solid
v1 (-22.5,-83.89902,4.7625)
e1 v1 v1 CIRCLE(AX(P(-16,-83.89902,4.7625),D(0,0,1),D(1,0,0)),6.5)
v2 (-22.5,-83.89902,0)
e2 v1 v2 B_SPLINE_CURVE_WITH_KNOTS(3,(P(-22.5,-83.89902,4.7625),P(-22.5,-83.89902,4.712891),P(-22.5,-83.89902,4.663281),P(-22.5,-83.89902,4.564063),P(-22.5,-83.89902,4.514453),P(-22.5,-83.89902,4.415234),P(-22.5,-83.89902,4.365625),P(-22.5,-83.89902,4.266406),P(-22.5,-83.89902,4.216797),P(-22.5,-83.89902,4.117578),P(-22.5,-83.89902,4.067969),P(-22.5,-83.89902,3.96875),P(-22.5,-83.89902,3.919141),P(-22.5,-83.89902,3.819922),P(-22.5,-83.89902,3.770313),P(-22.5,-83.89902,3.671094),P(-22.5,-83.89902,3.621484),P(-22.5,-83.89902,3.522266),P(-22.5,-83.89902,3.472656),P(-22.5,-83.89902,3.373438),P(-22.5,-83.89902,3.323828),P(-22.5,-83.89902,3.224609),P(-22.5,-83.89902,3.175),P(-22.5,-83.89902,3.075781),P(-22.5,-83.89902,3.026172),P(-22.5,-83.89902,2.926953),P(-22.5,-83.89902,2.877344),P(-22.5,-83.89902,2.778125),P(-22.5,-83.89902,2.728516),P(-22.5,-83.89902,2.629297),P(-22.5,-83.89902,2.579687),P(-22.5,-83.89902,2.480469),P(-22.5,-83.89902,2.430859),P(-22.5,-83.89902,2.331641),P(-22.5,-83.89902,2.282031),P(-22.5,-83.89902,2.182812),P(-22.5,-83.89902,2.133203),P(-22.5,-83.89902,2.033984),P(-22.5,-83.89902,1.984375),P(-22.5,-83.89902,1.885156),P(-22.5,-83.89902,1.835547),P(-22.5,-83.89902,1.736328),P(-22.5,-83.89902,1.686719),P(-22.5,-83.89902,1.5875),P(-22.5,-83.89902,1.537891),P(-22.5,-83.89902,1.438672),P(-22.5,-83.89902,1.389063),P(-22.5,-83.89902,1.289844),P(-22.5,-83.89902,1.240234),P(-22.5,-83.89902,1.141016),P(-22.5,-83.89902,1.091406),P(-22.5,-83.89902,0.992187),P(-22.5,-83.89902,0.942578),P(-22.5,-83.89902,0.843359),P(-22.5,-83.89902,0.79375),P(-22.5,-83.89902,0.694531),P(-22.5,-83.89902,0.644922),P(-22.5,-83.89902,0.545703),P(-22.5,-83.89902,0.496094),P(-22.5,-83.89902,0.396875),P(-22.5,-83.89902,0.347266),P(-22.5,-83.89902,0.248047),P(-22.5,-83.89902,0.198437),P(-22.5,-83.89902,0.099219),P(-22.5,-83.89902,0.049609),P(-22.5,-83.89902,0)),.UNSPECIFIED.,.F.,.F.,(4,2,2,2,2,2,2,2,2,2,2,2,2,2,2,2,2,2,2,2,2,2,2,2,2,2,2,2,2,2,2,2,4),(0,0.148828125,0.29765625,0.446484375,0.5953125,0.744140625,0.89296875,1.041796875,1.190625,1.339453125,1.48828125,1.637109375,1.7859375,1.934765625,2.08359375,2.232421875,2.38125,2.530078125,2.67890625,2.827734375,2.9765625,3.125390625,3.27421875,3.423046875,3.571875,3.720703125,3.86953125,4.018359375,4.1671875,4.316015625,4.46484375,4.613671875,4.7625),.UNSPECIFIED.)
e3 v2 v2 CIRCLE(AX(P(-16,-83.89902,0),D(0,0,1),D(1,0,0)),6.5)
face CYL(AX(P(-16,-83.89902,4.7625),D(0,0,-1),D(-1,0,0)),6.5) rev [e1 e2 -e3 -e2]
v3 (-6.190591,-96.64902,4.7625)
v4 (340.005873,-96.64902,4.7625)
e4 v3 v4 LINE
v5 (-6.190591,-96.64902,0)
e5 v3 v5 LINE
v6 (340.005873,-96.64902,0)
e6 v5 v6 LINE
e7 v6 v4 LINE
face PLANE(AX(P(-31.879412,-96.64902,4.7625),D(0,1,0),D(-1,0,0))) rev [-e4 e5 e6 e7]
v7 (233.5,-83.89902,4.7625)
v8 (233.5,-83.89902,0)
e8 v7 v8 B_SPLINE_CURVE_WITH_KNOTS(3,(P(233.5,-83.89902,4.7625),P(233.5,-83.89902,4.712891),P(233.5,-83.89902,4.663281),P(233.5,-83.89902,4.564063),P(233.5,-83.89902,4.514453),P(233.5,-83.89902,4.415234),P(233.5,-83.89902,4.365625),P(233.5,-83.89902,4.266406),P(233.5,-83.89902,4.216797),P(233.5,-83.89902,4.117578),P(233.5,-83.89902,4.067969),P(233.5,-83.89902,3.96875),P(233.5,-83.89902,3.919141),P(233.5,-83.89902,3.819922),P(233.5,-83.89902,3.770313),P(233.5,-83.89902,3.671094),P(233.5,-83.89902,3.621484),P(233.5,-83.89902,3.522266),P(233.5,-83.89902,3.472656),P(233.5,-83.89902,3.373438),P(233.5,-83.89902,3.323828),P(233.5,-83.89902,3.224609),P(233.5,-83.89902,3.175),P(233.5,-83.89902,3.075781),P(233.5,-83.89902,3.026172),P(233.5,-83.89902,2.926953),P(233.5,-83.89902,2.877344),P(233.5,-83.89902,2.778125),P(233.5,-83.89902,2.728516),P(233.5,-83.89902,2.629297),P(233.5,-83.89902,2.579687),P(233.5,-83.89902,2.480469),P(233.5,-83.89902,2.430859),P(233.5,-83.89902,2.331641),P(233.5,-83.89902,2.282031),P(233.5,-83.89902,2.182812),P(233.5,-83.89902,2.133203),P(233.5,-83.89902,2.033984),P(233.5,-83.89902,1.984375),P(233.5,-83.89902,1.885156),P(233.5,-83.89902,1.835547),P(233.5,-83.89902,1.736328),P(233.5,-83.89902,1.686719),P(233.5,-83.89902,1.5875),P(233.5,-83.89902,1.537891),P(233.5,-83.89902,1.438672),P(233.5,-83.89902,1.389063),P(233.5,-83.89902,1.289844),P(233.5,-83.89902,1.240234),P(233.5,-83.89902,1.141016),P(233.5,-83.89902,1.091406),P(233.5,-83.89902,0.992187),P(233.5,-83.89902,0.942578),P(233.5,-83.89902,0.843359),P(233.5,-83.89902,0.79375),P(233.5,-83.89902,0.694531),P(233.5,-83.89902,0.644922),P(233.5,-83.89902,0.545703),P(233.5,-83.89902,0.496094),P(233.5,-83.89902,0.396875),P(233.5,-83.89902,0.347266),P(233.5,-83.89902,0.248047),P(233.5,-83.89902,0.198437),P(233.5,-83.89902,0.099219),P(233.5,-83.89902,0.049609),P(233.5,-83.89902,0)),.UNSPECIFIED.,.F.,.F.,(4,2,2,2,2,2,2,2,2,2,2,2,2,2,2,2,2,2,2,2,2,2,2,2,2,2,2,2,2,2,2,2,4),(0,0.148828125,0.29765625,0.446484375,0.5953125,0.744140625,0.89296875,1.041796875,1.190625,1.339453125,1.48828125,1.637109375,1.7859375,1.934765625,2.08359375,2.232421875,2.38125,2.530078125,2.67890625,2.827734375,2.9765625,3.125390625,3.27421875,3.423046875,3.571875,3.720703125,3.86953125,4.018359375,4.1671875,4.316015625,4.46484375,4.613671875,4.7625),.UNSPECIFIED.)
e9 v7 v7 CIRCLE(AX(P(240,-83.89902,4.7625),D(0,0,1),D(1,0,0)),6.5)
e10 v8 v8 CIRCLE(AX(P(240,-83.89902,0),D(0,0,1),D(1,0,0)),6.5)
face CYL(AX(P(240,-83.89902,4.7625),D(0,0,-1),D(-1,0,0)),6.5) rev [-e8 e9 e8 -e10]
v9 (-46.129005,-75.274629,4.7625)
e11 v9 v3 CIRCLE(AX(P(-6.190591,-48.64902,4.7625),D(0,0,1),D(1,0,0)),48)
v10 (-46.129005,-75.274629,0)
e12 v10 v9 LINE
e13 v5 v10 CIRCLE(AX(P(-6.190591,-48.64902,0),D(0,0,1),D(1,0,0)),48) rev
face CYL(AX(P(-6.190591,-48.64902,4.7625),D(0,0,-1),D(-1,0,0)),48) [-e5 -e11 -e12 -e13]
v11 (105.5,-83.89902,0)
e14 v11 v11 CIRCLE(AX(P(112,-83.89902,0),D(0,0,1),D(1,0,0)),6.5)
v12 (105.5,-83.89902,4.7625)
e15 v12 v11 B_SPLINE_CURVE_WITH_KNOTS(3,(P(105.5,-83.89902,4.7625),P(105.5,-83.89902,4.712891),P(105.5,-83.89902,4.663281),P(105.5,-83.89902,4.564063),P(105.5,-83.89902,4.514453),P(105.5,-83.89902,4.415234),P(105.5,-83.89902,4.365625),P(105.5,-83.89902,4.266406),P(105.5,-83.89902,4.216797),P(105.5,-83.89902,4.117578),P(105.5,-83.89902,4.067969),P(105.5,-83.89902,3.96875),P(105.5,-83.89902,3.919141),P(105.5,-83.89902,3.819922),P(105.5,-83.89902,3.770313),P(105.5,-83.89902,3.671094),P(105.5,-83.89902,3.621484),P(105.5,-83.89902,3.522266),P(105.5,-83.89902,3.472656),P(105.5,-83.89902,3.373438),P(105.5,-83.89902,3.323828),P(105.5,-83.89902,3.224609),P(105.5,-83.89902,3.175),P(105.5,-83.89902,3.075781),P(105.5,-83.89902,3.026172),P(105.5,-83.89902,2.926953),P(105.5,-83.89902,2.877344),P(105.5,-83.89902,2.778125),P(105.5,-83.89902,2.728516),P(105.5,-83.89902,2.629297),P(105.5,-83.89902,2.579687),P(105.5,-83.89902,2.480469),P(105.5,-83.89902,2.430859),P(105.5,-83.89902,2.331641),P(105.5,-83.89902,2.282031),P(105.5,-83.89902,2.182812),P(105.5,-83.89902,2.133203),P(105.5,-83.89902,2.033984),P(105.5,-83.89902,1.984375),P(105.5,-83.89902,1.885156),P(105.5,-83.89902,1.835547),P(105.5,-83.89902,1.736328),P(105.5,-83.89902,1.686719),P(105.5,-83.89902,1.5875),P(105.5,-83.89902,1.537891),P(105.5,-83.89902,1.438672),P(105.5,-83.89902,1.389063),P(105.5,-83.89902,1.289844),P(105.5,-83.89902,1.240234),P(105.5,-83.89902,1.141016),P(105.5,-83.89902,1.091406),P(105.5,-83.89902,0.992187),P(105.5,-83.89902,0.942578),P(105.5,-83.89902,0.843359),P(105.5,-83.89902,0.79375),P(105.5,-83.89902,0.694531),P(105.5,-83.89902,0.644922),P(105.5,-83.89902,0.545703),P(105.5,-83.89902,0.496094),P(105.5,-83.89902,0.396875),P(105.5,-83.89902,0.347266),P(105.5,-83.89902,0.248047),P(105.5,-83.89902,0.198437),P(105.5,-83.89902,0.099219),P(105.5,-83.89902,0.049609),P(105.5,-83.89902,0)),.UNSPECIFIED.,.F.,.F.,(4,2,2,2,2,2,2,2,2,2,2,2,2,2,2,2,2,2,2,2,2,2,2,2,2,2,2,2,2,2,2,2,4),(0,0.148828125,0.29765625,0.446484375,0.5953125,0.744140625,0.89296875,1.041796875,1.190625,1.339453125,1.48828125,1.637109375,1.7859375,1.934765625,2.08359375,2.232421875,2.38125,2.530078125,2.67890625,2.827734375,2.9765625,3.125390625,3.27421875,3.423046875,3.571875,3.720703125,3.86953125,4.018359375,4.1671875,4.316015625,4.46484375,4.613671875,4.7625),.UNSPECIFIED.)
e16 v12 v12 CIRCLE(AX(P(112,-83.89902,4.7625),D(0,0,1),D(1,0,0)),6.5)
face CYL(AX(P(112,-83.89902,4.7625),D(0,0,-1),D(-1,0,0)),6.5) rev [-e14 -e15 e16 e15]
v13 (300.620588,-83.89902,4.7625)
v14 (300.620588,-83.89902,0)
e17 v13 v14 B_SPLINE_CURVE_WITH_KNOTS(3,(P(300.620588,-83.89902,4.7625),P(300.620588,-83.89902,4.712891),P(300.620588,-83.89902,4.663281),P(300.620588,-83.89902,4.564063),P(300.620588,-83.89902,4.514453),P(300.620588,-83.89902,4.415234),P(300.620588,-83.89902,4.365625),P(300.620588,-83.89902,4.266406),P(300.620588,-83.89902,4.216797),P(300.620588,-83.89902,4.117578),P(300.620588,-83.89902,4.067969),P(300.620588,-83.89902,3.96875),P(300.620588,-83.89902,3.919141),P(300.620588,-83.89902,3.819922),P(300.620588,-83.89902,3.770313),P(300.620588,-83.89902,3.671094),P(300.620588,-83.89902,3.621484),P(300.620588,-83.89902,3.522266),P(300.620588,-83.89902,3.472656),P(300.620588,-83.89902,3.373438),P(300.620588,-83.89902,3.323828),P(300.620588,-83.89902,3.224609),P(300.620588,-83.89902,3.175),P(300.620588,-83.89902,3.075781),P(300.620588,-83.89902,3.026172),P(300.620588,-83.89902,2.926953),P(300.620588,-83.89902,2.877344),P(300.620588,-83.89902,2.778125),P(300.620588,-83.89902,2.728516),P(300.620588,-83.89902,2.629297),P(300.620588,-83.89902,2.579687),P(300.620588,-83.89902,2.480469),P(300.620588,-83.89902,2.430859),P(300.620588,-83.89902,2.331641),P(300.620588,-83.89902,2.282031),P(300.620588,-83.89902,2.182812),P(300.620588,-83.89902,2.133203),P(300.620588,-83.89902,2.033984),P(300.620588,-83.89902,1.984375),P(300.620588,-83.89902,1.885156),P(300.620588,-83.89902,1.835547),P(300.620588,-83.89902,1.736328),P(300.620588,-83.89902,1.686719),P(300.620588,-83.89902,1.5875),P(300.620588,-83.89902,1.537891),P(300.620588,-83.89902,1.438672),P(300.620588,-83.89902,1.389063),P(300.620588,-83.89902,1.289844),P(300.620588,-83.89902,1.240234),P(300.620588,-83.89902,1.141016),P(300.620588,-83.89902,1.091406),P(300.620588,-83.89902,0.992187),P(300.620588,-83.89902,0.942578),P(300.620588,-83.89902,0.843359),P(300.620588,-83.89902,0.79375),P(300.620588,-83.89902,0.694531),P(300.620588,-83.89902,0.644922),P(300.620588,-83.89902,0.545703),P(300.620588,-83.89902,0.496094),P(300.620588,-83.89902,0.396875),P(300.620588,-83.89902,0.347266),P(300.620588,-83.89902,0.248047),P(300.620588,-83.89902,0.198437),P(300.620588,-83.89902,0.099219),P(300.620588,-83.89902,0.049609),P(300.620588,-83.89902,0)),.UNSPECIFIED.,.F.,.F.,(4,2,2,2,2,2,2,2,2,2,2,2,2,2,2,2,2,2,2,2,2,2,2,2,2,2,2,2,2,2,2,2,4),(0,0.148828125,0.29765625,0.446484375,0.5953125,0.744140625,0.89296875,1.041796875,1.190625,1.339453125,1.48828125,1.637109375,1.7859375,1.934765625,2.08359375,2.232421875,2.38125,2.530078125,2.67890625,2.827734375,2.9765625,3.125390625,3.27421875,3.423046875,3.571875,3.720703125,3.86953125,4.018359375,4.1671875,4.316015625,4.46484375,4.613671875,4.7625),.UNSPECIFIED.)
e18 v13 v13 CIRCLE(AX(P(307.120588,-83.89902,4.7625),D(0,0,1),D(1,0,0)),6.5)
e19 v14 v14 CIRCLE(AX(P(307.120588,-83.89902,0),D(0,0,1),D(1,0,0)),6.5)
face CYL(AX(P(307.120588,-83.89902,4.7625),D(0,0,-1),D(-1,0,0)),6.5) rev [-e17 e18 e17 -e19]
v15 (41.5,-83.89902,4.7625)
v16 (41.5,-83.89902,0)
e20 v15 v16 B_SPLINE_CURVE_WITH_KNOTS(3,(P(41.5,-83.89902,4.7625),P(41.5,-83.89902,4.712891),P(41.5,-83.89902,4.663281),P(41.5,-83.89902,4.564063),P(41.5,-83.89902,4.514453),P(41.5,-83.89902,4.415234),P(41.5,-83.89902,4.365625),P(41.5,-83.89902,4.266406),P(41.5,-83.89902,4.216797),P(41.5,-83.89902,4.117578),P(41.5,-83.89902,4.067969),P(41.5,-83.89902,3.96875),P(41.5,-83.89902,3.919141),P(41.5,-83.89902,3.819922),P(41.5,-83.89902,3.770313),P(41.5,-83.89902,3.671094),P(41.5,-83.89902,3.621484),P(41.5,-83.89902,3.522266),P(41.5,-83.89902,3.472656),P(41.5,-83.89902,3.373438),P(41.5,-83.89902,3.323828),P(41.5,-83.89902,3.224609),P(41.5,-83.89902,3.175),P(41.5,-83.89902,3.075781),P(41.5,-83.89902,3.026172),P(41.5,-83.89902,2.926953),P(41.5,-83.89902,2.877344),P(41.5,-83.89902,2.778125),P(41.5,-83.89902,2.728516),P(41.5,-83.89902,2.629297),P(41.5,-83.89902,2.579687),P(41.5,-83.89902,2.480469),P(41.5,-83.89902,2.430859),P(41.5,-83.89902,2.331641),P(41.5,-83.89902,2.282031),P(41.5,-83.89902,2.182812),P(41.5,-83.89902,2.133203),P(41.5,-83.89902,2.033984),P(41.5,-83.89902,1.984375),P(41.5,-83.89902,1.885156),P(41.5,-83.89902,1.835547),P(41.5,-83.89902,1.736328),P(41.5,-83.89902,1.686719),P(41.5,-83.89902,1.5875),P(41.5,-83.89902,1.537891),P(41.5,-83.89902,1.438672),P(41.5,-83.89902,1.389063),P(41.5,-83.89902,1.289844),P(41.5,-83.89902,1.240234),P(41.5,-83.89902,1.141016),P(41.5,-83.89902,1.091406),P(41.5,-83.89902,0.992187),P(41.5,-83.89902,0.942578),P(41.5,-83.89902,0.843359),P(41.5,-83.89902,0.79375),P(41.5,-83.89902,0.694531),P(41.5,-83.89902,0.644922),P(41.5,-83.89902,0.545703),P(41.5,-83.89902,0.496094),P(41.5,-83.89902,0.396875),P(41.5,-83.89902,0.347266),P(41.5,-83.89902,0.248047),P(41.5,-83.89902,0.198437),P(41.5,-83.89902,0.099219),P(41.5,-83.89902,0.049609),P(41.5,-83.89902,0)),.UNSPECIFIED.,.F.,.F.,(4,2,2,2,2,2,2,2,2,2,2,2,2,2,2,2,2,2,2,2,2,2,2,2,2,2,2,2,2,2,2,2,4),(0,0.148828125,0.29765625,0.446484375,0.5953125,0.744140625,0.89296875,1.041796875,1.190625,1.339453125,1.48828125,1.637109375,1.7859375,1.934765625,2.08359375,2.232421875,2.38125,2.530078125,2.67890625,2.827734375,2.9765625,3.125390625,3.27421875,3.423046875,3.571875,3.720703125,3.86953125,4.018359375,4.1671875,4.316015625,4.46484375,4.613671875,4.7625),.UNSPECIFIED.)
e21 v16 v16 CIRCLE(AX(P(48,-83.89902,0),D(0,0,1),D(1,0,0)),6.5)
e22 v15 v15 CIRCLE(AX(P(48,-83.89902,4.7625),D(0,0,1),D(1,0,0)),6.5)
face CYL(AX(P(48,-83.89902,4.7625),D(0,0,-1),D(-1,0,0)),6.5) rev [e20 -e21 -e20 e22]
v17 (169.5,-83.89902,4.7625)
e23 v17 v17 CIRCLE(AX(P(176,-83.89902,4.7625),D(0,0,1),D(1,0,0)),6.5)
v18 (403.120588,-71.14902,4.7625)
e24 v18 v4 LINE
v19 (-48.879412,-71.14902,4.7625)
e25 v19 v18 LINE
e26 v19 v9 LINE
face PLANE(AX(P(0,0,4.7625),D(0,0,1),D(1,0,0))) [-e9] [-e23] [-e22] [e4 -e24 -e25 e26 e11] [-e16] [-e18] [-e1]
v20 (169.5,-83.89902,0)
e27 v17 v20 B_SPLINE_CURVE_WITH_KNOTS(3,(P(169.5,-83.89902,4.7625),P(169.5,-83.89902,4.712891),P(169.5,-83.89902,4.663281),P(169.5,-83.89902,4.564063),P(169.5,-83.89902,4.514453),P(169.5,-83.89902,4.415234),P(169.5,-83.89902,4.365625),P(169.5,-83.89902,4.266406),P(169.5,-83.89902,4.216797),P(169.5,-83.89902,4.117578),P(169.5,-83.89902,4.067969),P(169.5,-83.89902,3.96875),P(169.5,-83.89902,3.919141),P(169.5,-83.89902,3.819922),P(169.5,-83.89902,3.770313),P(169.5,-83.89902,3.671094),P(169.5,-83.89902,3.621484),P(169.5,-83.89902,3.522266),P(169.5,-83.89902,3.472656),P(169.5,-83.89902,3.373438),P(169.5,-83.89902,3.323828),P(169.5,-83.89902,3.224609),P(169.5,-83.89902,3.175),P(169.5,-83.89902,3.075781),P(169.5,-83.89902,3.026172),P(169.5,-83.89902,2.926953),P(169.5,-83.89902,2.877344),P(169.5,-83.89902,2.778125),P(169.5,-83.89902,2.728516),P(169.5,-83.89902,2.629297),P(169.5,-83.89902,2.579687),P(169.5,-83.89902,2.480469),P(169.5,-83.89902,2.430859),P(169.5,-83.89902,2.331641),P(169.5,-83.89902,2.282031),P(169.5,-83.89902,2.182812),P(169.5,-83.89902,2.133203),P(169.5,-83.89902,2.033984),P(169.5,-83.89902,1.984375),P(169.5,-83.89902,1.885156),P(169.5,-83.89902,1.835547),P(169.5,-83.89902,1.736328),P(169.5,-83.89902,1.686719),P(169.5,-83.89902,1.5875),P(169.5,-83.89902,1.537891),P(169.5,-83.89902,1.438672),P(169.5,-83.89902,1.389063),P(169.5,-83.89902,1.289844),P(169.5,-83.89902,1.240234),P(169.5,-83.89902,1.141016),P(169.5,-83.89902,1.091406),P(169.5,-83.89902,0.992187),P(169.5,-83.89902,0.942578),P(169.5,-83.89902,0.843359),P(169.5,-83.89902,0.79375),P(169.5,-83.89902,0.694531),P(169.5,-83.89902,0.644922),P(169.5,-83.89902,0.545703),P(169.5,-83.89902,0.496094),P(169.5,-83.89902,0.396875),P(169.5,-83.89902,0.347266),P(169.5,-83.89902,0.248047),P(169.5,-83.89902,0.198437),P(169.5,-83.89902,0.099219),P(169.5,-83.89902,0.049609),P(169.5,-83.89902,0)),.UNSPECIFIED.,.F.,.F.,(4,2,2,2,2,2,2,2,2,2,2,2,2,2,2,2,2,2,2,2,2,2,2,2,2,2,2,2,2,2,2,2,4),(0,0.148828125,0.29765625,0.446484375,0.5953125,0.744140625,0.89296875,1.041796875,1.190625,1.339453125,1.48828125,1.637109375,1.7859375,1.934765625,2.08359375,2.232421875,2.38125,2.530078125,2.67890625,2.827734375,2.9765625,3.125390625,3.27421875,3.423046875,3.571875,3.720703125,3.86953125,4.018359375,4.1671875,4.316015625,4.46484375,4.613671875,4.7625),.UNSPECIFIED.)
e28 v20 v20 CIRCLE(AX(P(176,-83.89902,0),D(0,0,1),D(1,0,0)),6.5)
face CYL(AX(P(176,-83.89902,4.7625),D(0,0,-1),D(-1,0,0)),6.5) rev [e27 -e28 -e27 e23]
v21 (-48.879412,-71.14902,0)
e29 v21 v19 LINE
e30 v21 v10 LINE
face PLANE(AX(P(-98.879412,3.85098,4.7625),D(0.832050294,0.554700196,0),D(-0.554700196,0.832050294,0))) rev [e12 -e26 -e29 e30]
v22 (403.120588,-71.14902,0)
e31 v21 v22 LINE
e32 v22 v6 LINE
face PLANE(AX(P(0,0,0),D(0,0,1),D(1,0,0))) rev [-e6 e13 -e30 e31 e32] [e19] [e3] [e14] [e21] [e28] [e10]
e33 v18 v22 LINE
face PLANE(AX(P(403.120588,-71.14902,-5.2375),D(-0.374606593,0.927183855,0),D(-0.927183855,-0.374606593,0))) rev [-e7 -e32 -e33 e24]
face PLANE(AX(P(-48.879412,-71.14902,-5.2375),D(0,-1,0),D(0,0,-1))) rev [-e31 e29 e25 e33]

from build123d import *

# Parameters (mm, degrees)
BOSS_EXTRUDE1_DEPTH = 4.7625
SKETCH1_4_R         = 6.5
CUT_EXTRUDE1_DEPTH  = 439.920211962
CUT_EXTRUDE5_DEPTH  = 10
FILLET1_R           = 48
CUT_EXTRUDE6_DEPTH  = 10


with BuildPart() as part:
    # Sketch1 → Boss-Extrude1 (new body)
    with BuildSketch(Plane.XY):
        Polygon((428.120588235, 28.570833333), (0, 28.570833333), (-98.879411765, 3.850980392), (-31.879411765, -96.649019608), (366, -96.649019608), (403.120588235, -71.149019608), align=None)
    extrude(amount=BOSS_EXTRUDE1_DEPTH)

    # Sketch1<4> → Cut-Extrude1 (cut, through all)
    with BuildSketch(Plane.XY):
        with Locations((-16, -83.899019608)):
            Circle(SKETCH1_4_R)
        with Locations((48, -83.899019608)):
            Circle(SKETCH1_4_R)
        with Locations((112, -83.899019608)):
            Circle(SKETCH1_4_R)
        with Locations((176, -83.899019608)):
            Circle(SKETCH1_4_R)
        with Locations((240, -83.899019608)):
            Circle(SKETCH1_4_R)
        with Locations((307.120588235, -83.899019608)):
            Circle(SKETCH1_4_R)
    extrude(amount=CUT_EXTRUDE1_DEPTH, mode=Mode.SUBTRACT)

    # Sketch8 → Cut-Extrude5 (cut)
    with BuildSketch(Plane.XY.offset(4.7625)):
        Polygon((-48.879411765, -71.149019608), (403.120588235, -71.149019608), (428.120588235, 28.570833333), (0, 28.570833333), (-98.879411765, 3.850980392), align=None)
    extrude(amount=-CUT_EXTRUDE5_DEPTH, mode=Mode.SUBTRACT)

    # Fillet1
    fillet1_edges = [part.edges().sort_by_distance(p)[0] for p in [
        (-31.879411765, -96.649019608, 2.38125),
    ]]
    fillet(fillet1_edges, radius=FILLET1_R)

    # Sketch9 → Cut-Extrude6 (cut)
    with BuildSketch(Plane.XY.offset(4.7625)):
        Polygon((403.120588235, -71.149019608), (340.005873473, -96.649019608), (366, -96.649019608), align=None)
    extrude(amount=-CUT_EXTRUDE6_DEPTH, mode=Mode.SUBTRACT)


solid = part.part
